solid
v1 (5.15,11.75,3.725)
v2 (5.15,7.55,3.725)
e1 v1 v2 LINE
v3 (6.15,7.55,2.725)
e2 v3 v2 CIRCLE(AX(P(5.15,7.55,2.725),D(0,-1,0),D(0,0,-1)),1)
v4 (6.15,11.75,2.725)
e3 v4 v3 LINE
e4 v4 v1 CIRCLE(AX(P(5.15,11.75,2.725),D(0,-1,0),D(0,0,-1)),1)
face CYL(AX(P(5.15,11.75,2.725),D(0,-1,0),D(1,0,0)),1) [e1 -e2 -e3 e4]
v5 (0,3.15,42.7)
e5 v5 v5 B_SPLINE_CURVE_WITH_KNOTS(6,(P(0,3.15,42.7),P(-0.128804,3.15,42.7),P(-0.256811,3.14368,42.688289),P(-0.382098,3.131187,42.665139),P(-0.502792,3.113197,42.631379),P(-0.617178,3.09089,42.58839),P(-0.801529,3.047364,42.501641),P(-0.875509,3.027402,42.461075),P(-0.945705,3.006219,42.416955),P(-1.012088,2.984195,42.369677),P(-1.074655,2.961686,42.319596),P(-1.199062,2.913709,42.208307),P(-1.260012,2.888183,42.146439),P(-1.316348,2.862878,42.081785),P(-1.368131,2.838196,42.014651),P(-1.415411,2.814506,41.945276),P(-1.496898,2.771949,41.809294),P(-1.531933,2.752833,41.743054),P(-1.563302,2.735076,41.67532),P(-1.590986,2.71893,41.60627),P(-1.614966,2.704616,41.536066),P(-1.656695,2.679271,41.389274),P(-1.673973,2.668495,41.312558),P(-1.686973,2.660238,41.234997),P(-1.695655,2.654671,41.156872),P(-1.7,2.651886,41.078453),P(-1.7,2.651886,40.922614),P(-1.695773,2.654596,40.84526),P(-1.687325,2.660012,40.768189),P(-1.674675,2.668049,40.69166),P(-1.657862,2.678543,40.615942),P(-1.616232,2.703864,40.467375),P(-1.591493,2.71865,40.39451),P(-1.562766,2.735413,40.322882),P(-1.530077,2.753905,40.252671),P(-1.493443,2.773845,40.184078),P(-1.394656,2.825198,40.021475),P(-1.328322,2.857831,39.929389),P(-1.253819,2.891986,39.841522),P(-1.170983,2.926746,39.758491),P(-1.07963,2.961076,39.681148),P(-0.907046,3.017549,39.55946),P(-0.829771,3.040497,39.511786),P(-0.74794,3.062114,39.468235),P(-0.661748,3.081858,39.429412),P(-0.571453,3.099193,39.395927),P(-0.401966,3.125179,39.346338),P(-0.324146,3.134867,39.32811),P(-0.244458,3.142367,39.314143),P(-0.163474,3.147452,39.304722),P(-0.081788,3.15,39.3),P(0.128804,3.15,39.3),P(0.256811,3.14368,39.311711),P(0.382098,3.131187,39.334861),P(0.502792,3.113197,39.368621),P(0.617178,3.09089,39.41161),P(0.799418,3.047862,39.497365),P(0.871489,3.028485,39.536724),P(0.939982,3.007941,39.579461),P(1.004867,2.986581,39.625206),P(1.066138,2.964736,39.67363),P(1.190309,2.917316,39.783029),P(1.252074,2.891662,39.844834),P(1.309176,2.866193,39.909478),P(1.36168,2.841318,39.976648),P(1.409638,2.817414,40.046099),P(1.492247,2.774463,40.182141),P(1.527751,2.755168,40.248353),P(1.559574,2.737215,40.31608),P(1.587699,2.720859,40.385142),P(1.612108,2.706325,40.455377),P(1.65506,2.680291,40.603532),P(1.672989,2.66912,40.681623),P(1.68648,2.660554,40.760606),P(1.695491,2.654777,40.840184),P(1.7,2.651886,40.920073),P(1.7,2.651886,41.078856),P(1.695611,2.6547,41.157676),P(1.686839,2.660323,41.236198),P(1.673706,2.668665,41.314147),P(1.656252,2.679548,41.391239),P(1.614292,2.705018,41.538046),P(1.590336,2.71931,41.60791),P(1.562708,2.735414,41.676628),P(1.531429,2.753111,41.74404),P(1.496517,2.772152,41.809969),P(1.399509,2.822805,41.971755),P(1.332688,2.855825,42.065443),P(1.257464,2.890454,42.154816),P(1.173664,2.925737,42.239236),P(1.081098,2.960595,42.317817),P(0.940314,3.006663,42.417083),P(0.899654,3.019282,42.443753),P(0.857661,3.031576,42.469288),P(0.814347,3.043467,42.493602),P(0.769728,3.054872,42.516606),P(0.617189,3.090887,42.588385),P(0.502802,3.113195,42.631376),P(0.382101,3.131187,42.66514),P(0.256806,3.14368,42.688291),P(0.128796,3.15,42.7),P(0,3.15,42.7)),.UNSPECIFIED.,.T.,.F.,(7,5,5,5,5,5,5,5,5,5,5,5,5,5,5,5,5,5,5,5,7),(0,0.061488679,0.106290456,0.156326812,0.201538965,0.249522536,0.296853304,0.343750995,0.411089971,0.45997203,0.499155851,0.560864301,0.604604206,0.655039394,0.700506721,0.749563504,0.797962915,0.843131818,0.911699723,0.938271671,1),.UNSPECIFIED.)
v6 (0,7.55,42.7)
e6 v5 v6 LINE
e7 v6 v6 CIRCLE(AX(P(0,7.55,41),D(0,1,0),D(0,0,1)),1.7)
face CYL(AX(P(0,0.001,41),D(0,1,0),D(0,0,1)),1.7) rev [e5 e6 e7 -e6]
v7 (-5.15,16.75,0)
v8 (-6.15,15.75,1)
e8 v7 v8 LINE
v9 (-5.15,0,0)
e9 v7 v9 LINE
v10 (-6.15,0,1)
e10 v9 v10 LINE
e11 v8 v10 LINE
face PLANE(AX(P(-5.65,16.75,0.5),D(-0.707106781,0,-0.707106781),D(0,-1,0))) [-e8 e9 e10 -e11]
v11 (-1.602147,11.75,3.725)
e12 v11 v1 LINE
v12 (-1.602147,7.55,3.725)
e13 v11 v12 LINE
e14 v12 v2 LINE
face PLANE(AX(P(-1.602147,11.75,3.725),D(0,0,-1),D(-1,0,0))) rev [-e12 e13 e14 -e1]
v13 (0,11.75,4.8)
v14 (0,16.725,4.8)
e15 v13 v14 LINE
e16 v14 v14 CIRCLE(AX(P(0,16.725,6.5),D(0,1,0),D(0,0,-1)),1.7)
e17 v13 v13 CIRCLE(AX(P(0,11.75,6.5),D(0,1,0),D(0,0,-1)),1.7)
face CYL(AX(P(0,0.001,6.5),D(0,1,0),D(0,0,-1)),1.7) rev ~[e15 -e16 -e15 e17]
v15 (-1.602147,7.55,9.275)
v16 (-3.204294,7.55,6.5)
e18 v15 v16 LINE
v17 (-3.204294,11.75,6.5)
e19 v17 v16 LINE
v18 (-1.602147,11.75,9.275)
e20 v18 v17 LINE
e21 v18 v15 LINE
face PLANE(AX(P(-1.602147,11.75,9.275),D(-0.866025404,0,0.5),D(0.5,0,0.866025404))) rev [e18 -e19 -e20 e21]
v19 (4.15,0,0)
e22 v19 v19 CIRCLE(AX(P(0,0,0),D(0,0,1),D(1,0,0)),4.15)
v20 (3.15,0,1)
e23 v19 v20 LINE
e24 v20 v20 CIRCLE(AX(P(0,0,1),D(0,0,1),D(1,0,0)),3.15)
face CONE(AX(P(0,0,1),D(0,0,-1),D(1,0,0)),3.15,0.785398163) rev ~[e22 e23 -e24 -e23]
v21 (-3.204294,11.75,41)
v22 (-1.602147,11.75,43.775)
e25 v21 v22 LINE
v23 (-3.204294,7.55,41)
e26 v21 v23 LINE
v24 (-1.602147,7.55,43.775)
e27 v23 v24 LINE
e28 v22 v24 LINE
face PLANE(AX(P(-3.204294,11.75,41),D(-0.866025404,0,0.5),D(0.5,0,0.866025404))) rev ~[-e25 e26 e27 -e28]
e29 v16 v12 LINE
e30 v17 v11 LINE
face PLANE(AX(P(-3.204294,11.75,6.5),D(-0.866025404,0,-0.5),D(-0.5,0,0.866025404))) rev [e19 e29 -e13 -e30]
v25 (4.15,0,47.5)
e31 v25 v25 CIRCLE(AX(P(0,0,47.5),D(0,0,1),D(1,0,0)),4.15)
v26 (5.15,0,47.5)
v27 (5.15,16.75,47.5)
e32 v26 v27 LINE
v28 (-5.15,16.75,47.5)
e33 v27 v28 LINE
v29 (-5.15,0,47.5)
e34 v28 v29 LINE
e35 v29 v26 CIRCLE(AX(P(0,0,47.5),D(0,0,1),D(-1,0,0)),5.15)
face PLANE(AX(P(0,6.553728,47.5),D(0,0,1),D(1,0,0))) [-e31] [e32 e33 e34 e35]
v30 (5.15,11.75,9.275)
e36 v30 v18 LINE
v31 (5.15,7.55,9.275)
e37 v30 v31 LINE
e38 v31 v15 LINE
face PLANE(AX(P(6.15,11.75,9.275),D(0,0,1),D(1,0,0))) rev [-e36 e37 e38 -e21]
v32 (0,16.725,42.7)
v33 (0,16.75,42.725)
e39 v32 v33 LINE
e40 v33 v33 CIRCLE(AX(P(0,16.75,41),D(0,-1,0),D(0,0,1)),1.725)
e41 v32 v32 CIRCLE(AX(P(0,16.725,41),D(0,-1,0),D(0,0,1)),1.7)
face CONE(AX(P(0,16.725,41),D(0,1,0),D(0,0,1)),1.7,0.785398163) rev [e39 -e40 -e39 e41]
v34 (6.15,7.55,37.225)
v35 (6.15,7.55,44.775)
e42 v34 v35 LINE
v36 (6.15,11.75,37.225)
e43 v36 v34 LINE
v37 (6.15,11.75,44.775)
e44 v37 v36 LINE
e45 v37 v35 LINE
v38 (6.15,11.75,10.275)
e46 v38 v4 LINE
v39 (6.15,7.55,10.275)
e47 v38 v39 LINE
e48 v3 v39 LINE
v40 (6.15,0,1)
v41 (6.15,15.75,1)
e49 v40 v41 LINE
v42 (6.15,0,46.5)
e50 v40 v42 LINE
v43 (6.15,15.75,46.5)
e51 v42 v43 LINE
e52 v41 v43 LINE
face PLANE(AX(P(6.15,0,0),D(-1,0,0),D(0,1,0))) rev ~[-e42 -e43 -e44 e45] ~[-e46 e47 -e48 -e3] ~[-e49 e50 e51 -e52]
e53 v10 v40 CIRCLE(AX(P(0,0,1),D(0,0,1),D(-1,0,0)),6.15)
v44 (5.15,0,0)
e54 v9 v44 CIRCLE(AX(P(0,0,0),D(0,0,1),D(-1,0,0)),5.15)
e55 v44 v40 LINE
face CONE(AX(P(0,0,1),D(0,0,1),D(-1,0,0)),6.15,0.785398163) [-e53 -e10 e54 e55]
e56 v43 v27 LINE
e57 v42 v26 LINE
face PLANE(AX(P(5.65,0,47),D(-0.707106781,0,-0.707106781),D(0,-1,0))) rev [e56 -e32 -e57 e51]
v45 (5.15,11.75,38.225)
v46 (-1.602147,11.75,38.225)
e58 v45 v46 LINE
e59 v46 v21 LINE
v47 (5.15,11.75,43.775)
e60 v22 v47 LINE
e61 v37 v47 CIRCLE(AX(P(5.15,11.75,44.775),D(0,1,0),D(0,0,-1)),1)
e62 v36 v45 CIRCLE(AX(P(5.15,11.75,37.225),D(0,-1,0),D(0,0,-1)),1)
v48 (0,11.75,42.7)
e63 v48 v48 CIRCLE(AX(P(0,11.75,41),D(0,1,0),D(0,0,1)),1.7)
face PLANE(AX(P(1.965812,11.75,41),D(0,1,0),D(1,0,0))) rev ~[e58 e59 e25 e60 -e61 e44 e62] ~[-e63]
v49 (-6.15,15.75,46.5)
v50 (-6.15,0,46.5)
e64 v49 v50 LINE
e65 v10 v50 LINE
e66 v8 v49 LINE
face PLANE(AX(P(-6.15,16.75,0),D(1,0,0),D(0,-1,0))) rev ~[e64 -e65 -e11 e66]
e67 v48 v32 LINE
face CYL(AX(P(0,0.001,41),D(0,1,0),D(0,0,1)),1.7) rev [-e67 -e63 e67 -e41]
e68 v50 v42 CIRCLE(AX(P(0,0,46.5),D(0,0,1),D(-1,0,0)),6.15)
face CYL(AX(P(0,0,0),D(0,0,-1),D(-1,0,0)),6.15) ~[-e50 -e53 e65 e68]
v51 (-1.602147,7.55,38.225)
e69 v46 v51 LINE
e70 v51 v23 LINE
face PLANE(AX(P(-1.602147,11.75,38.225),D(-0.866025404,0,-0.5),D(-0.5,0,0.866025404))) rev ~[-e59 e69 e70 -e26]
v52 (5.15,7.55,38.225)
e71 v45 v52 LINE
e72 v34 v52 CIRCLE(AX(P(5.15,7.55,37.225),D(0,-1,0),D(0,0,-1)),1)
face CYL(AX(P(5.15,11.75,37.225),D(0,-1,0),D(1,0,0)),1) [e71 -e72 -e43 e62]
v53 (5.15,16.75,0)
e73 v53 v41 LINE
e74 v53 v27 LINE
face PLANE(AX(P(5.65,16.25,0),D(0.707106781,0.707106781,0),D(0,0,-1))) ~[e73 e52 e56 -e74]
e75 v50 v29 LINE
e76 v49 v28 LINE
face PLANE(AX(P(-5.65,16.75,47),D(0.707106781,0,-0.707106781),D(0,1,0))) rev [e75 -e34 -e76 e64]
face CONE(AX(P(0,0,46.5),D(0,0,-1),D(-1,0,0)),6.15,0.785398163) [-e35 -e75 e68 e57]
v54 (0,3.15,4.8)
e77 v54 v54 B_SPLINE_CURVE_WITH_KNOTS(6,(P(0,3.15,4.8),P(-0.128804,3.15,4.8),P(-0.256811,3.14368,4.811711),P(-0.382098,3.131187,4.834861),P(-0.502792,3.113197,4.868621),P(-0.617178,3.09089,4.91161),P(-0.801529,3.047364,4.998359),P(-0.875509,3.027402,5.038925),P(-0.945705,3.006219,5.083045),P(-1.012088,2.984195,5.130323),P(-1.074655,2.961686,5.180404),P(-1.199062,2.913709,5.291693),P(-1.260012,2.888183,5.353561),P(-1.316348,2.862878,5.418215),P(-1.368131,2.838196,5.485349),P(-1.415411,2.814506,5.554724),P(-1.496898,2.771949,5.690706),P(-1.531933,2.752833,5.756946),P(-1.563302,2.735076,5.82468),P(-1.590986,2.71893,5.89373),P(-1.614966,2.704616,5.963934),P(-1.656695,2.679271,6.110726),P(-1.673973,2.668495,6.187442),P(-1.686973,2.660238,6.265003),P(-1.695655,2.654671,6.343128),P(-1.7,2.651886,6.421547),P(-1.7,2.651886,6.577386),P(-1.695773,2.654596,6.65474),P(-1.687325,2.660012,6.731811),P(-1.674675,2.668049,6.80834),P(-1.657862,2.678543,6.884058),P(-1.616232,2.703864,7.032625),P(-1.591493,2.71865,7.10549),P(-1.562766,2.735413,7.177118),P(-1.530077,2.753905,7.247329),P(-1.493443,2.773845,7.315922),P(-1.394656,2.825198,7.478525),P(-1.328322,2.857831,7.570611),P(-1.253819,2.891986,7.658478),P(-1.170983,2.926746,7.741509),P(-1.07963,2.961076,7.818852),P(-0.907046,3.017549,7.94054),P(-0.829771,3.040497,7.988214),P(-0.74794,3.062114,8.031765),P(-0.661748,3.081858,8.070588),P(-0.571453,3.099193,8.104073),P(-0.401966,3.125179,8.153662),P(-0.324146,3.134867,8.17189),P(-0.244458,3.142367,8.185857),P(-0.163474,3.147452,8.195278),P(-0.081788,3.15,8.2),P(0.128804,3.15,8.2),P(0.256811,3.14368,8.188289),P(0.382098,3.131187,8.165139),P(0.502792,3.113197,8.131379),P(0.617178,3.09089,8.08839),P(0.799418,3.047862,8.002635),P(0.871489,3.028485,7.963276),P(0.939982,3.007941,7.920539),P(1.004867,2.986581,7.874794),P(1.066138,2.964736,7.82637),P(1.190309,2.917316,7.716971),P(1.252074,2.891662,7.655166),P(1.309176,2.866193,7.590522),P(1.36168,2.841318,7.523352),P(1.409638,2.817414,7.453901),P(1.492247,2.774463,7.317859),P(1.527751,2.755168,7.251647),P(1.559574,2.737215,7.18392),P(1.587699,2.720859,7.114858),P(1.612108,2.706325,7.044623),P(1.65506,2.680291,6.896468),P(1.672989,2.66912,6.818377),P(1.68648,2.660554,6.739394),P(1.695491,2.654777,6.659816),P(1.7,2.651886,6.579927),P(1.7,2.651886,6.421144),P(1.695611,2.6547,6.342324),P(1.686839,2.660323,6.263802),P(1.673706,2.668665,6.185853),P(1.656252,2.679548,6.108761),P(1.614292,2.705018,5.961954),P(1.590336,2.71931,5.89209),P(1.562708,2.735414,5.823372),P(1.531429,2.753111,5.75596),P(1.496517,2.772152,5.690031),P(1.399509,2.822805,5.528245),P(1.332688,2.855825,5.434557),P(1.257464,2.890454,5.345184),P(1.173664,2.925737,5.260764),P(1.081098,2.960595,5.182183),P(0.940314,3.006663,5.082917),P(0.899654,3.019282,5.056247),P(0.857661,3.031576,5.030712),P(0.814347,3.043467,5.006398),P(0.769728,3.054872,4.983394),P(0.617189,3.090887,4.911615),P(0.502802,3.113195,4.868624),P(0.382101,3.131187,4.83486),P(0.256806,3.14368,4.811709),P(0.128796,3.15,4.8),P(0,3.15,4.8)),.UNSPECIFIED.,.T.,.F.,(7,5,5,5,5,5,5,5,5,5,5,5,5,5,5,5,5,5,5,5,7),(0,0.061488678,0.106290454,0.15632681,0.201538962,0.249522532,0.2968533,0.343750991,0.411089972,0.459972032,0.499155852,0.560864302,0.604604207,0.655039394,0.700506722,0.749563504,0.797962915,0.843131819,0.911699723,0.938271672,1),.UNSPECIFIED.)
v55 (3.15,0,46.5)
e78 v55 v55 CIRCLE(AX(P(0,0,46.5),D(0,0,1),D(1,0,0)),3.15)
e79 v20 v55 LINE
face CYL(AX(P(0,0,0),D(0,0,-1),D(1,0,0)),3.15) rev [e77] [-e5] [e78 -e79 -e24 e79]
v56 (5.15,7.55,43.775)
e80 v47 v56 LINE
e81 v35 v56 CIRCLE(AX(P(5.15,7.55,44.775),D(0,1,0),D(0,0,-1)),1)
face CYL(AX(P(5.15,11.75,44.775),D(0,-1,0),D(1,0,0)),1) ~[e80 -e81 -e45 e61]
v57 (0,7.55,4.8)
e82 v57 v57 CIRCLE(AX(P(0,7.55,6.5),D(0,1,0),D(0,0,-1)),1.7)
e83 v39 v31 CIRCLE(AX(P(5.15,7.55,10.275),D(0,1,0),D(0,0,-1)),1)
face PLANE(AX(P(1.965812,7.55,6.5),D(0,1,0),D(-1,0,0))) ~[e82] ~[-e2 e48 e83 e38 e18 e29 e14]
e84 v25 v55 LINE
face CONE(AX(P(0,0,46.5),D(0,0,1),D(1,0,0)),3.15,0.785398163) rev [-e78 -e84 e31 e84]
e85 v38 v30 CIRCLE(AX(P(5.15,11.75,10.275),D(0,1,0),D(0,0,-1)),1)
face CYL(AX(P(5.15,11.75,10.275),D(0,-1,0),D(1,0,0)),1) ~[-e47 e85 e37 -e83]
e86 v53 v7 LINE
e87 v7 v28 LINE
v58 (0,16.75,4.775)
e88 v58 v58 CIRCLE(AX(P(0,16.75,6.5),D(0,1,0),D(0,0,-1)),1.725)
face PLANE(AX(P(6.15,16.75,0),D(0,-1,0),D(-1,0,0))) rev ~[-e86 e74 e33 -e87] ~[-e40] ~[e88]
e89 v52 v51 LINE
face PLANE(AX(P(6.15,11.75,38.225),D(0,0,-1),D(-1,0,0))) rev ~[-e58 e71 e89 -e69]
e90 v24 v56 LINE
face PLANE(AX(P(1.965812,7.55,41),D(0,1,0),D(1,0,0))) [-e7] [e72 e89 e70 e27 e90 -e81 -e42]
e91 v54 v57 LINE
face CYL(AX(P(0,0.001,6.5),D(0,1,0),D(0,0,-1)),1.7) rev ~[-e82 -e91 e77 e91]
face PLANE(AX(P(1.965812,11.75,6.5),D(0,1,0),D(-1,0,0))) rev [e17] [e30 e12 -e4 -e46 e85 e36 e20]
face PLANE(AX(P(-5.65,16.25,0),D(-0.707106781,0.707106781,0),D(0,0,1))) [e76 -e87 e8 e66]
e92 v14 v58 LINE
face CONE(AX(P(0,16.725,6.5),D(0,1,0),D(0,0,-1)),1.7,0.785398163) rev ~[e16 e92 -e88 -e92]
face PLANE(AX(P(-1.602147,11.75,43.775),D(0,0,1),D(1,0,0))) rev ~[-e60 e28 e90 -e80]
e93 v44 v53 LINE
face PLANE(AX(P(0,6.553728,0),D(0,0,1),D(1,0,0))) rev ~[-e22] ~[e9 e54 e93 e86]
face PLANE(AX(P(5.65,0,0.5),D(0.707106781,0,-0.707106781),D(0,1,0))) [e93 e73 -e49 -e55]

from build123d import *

# Parameters (mm, degrees)
SKETCH1_R           = 3.15
BOSS_EXTRUDE1_DEPTH = 47.5
CUT_EXTRUDE1_DEPTH  = 4.2
FILLET1_R           = 1
CHAMFER1_SIZE       = 1
CHAMFER2_SIZE       = 1


with BuildPart() as part:
    # Sketch1 → Boss-Extrude1 (new body)
    with BuildSketch(Plane.XY):
        with BuildLine():
            Line((6.15, 0), (6.15, 16.75))
            Line((6.15, 16.75), (-6.15, 16.75))
            Line((-6.15, 16.75), (-6.15, 0))
            ThreePointArc((-6.15, 0), (0, -6.15), (6.15, 0))
        make_face()
        Circle(SKETCH1_R, mode=Mode.SUBTRACT)
    extrude(amount=BOSS_EXTRUDE1_DEPTH)

    # Sketch4 → Cut-Extrude1 (cut)
    with BuildSketch(Plane(origin=(0, 11.75, 0), x_dir=(1, 0, 0), z_dir=(0, 1, 0))):
        Polygon((-3.204293994, -41), (-1.602146997, -43.775), (1.602146997, -43.775), (6.15, -43.775), (6.15, -38.225), (1.602146997, -38.225), (-1.602146997, -38.225), align=None)
    cut_extrude1 = extrude(amount=-CUT_EXTRUDE1_DEPTH, mode=Mode.SUBTRACT)

    # Sketch7 → M3 Clearance Hole1 (revolve, cut)
    with BuildSketch(Plane(origin=(0, 16.75, 41), x_dir=(0, 0, 1), z_dir=(1, 0, 0))):
        Polygon((0, 0), (0, 17.770463052), (1.7, 16.749), (1.7, 0.025), (1.725, 0), align=None)
    m3_clearance_hole1 = revolve(axis=Axis((0, 23.1, 41), (0, -1, 0)), mode=Mode.SUBTRACT)

    # Mirror1: Cut-Extrude1, M3 Clearance Hole1 across plane
    add(cut_extrude1.mirror(Plane(origin=(0, 0, 23.75), x_dir=(1, 0, 0), z_dir=(0, 0, -1))), mode=Mode.SUBTRACT)
    add(m3_clearance_hole1.mirror(Plane(origin=(0, 0, 23.75), x_dir=(1, 0, 0), z_dir=(0, 0, -1))), mode=Mode.SUBTRACT)

    # Fillet1
    fillet1_edges = [part.edges().sort_by_distance(p)[0] for p in [
        (6.15, 9.65, 38.225),
        (6.15, 9.65, 43.775),
        (6.15, 9.65, 3.725),
        (6.15, 9.65, 9.275),
    ]]
    fillet(fillet1_edges, radius=FILLET1_R)

    # Chamfer1
    chamfer1_edges = [part.edges().sort_by_distance(p)[0] for p in [
        (-6.15, 8.375, 47.5),
        (0, -6.15, 47.5),
        (-6.15, 8.375, 0),
        (6.15, 8.375, 0),
        (0, -6.15, 0),
        (-6.15, 16.75, 23.75),
        (6.15, 16.75, 23.75),
        (6.15, 8.375, 47.5),
    ]]
    chamfer(chamfer1_edges, length=CHAMFER1_SIZE)

    # Chamfer2
    chamfer2_edges = [part.edges().sort_by_distance(p)[0] for p in [
        (-3.15, 0, 0),
        (-3.15, 0, 47.5),
    ]]
    chamfer(chamfer2_edges, length=CHAMFER2_SIZE)


solid = part.part
